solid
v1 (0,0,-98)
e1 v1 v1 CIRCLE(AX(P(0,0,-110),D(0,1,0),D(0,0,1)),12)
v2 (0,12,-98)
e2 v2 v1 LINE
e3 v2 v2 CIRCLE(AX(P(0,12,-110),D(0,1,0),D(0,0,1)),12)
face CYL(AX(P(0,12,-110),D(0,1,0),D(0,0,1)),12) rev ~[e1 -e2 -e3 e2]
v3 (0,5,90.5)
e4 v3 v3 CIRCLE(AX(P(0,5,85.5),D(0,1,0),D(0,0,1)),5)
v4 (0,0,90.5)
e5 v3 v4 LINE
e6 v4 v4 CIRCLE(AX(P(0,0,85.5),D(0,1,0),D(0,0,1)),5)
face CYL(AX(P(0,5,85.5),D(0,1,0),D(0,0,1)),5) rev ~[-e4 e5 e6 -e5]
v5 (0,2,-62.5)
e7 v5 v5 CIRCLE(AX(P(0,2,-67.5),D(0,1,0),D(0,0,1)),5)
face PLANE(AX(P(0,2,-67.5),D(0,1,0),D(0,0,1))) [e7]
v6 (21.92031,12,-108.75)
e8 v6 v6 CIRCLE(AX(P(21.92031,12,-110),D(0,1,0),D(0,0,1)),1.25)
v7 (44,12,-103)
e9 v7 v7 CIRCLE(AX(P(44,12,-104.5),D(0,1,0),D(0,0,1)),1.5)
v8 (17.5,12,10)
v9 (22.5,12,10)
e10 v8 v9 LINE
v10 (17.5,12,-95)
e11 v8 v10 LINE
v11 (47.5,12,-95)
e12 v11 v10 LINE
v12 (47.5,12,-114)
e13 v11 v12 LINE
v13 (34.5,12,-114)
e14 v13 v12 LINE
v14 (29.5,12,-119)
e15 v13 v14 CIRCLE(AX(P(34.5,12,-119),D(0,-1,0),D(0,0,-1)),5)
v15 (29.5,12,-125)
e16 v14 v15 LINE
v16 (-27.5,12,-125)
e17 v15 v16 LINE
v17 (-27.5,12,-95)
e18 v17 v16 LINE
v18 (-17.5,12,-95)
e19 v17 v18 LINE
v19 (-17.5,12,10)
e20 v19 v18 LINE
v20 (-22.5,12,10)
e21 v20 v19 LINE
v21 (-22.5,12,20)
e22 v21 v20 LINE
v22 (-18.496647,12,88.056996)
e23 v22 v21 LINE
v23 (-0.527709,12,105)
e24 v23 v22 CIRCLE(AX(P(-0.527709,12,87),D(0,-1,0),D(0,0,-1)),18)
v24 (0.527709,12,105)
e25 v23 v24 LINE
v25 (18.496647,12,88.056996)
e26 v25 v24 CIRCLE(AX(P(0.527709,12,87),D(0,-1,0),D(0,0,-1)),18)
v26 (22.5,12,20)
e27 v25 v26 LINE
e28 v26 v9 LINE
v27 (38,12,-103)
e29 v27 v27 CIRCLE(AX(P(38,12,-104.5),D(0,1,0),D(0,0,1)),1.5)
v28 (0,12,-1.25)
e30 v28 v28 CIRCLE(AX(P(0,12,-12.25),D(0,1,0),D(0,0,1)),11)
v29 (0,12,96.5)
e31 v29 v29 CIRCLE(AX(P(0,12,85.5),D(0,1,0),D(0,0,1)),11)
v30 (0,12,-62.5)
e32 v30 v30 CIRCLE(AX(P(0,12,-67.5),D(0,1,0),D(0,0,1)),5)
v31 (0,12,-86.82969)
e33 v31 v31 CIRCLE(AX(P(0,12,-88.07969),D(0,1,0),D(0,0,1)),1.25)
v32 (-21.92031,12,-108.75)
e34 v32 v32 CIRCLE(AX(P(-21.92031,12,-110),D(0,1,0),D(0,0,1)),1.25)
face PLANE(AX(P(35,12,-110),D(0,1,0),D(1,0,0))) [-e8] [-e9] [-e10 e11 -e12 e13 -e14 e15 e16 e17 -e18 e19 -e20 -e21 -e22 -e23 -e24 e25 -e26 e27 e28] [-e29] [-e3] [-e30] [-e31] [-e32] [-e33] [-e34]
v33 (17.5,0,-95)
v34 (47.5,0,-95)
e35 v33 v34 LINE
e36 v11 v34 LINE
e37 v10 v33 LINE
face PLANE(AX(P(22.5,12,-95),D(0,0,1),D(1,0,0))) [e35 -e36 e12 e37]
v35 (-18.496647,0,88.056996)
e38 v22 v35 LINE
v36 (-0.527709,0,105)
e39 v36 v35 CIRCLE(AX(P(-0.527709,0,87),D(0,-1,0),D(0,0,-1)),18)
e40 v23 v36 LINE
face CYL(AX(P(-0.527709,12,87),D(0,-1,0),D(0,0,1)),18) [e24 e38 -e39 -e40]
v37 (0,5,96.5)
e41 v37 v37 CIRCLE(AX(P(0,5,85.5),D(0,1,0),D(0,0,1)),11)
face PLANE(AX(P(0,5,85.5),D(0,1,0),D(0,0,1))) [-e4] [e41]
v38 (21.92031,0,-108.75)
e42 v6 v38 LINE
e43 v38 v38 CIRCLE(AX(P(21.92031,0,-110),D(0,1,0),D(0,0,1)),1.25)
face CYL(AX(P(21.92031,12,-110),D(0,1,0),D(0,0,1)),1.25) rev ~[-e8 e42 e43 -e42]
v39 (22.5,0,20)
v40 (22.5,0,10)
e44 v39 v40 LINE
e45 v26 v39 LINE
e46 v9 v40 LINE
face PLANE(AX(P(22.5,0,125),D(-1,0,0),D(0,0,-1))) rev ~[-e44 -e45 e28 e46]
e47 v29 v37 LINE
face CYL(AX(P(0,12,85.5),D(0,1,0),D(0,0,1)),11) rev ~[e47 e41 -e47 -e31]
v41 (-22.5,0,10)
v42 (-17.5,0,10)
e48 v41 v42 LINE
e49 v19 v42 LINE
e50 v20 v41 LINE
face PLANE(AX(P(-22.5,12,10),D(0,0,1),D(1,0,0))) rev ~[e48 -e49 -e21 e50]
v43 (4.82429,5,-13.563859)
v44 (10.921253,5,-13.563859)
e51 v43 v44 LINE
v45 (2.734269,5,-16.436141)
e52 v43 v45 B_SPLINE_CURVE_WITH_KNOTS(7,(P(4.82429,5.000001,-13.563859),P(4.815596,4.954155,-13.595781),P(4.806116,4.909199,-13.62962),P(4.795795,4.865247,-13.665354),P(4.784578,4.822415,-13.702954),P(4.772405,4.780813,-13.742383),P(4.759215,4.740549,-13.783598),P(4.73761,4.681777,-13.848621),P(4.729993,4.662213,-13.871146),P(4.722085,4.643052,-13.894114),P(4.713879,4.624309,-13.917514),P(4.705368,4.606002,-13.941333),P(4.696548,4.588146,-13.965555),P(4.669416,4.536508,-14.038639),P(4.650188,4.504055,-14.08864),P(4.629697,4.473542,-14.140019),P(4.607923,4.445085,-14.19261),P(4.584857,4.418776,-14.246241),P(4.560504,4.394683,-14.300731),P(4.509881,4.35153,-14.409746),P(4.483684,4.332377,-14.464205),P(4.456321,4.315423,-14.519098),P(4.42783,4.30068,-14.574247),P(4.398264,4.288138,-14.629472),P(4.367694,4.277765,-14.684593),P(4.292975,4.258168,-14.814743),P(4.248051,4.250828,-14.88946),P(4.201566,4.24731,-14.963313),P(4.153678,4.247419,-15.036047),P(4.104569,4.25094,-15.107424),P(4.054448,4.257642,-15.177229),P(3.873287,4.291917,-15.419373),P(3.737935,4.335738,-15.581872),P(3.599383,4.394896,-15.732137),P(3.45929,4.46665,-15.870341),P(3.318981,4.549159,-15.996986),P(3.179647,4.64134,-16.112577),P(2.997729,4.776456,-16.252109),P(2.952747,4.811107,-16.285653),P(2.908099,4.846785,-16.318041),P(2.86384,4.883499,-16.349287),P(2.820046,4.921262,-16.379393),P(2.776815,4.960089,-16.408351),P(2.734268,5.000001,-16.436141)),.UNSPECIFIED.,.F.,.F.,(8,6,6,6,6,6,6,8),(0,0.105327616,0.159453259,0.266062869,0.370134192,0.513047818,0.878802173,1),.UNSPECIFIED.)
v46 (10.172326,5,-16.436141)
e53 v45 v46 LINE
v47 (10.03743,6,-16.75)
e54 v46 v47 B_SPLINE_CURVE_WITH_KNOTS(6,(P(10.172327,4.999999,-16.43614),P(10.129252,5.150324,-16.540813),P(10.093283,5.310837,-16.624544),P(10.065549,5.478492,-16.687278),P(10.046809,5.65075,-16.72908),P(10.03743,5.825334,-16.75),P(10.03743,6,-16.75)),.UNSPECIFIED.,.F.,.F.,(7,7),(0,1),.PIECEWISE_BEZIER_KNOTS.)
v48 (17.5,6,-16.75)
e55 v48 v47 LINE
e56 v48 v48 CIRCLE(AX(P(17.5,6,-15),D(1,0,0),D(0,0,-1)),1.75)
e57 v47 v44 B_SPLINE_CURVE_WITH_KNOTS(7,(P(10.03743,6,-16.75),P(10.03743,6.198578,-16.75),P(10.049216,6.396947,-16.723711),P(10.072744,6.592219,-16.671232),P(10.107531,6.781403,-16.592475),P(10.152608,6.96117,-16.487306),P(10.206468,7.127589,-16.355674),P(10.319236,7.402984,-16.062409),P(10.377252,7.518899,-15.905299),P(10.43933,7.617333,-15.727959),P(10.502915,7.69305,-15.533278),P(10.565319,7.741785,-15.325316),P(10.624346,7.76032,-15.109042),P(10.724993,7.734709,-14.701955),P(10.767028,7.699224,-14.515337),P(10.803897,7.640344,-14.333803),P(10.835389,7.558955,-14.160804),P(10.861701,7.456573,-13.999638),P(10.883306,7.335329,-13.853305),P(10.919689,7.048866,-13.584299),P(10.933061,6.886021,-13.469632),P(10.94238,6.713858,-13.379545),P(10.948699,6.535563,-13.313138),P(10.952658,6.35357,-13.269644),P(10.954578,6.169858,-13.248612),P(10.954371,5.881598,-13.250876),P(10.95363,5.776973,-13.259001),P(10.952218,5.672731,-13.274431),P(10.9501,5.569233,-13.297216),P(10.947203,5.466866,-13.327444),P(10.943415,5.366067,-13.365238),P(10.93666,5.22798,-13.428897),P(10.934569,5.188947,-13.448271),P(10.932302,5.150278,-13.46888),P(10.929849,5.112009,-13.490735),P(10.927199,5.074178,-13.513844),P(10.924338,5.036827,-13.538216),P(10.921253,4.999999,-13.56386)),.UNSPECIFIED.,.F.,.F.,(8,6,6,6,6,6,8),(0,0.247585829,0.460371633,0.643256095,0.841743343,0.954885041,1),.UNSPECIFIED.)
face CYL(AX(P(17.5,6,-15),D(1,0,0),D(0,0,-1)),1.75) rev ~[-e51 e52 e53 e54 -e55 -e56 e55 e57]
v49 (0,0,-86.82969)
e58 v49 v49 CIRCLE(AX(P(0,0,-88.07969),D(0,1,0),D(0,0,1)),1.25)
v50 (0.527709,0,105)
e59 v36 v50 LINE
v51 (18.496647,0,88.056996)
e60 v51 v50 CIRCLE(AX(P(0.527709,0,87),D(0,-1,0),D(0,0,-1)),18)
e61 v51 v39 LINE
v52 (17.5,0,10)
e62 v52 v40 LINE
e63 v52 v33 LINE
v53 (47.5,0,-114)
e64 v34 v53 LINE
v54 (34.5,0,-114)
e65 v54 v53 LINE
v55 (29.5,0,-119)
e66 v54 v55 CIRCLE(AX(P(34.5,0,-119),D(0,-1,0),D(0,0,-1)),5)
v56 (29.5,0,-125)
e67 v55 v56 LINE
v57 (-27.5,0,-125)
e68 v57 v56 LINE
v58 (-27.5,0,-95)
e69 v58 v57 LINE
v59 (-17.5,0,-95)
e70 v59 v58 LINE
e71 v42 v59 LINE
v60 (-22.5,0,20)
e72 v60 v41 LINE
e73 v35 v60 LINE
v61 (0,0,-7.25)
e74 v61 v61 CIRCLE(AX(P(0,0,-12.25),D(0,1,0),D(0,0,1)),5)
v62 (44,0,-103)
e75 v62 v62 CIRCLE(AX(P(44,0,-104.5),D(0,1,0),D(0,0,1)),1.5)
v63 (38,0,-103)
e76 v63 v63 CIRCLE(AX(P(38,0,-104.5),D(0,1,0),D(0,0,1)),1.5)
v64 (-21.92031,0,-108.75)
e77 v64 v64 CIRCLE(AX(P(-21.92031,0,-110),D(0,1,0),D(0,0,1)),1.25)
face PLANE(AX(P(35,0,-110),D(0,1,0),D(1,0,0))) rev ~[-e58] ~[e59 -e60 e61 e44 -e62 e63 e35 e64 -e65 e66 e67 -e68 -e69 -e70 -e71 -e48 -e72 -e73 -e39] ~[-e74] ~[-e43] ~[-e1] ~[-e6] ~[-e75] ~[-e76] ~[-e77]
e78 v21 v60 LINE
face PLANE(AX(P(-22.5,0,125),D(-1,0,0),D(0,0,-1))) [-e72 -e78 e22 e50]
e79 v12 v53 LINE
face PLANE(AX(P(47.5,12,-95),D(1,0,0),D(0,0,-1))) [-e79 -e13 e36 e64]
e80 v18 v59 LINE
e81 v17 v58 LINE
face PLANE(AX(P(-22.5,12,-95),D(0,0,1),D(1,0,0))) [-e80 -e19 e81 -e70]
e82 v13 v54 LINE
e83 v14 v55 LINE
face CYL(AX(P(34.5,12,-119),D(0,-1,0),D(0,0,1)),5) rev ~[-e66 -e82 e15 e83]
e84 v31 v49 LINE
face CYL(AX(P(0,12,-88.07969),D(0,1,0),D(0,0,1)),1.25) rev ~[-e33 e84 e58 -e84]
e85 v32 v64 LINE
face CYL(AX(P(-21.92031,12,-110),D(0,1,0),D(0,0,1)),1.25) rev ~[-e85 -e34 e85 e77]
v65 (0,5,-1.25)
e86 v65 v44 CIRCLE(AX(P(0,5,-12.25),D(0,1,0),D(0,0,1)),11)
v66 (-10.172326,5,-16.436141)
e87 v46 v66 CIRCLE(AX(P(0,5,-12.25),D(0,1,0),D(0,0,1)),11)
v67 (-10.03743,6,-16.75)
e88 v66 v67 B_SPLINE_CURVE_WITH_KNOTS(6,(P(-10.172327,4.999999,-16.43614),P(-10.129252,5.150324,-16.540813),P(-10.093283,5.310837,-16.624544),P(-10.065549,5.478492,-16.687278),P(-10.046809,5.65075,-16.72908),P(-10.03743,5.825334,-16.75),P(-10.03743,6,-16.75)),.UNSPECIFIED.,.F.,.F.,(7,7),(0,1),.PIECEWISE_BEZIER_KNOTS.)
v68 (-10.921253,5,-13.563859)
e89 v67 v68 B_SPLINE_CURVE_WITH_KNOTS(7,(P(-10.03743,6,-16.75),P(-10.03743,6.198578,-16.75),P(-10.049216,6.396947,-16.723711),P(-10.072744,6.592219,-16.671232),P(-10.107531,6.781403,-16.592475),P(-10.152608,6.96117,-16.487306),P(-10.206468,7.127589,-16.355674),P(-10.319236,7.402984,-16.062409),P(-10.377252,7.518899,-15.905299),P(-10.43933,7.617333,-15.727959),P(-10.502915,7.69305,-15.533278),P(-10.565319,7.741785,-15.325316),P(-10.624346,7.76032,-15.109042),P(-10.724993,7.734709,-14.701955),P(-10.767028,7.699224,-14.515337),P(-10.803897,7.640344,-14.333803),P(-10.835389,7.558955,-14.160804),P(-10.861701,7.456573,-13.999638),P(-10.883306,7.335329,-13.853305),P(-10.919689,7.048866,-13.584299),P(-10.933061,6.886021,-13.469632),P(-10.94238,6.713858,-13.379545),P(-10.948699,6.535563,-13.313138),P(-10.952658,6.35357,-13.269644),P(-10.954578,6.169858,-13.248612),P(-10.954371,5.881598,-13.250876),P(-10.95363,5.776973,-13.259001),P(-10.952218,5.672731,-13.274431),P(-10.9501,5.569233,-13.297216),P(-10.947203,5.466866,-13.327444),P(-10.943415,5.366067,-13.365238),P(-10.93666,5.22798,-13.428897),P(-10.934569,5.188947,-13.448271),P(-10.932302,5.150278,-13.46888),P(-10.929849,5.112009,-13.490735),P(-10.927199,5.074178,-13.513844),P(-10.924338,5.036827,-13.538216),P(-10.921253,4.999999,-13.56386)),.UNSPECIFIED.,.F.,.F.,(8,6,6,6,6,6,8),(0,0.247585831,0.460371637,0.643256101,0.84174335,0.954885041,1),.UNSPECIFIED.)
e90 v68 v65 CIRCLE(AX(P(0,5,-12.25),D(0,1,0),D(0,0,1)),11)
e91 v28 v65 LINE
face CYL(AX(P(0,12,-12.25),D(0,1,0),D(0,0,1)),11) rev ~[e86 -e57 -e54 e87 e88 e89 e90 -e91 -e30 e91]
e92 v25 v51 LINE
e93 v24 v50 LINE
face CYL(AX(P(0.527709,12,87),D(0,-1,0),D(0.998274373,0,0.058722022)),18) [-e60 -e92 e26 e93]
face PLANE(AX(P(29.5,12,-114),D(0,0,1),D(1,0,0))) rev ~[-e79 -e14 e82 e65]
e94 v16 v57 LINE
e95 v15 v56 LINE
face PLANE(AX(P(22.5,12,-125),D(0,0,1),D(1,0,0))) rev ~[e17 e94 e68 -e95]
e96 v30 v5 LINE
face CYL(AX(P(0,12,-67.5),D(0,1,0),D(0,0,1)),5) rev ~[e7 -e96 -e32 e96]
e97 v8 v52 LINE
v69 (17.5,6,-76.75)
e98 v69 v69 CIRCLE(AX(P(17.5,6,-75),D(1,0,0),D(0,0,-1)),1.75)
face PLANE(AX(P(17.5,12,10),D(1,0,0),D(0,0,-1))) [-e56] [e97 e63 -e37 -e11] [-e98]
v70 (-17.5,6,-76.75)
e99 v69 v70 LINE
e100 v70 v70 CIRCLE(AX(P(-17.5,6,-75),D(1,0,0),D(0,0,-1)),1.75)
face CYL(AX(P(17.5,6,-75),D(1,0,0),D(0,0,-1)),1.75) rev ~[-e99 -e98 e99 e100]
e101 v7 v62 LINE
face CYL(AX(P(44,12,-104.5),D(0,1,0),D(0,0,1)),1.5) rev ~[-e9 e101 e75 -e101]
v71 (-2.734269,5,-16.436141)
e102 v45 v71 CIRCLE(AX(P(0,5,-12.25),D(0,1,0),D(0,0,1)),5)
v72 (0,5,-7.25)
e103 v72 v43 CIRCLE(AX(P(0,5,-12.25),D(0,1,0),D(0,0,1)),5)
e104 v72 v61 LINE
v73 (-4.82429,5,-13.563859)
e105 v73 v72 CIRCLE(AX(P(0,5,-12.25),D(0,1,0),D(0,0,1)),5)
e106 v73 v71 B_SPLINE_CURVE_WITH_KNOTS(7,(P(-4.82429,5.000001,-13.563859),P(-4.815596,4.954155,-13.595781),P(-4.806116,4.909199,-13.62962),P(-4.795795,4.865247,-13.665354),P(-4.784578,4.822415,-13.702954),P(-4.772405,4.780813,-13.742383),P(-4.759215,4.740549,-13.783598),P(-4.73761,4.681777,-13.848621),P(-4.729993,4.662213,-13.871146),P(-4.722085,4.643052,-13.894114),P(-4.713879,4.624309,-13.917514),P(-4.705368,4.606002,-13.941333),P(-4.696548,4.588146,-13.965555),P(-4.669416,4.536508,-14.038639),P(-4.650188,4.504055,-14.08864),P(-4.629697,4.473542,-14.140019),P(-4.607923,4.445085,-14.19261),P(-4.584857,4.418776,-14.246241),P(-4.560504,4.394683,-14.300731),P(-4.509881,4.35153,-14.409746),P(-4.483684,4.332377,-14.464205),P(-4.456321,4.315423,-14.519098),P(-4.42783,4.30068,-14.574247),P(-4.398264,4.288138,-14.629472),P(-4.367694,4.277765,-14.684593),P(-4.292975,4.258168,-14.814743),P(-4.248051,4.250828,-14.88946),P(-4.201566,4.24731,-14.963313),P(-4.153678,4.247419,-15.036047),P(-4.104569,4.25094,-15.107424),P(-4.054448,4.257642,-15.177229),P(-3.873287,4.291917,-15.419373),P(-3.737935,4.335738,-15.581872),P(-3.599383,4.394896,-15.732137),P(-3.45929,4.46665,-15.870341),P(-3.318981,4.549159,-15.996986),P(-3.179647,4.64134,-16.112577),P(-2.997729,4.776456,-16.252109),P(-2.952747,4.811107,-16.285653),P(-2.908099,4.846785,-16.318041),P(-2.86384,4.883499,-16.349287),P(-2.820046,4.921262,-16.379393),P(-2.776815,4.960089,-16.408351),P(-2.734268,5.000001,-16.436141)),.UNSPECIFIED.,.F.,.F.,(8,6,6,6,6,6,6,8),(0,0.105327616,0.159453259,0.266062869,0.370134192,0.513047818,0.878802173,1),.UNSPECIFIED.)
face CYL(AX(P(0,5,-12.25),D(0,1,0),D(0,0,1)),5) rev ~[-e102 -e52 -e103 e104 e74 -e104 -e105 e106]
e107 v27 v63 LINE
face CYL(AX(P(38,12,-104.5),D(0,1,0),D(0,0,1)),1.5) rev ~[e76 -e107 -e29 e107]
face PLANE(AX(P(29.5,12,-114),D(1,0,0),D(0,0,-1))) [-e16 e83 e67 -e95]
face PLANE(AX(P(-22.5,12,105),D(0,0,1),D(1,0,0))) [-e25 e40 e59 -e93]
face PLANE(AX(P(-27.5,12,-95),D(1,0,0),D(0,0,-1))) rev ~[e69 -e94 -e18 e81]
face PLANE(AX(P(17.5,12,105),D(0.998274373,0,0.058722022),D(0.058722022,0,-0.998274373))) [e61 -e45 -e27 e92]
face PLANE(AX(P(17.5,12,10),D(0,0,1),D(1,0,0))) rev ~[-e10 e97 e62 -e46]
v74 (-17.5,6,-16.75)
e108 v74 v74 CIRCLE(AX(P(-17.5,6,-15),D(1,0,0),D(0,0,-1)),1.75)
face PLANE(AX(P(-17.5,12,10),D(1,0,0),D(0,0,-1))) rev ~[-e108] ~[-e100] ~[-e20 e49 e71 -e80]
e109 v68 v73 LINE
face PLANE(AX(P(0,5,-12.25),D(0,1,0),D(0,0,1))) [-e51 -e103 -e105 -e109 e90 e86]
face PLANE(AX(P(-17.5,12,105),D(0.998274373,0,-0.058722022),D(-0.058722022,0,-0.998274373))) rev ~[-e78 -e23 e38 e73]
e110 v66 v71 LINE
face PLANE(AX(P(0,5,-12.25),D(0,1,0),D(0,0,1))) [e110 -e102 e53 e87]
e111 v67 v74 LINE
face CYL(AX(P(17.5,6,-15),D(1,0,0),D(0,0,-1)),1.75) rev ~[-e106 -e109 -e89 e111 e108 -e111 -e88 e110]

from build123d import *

# Parameters (mm, degrees)
SKETCH1_W           = 45
SKETCH1_H           = 250
BOSS_EXTRUDE1_DEPTH = 12
SKETCH2_W           = 5
SKETCH2_H           = 105
CUT_EXTRUDE1_DEPTH  = 12
SKETCH3_R           = 1.75
CUT_EXTRUDE2_DEPTH  = 35
SKETCH5_W           = 25
SKETCH5_H           = 30
SKETCH5_W_2         = 5
BOSS_EXTRUDE2_DEPTH = 12
SKETCH7_R           = 12
SKETCH7_R_2         = 1.25
CUT_EXTRUDE3_DEPTH  = 35
SKETCH8_W           = 18
SKETCH8_H           = 11
CUT_EXTRUDE4_DEPTH  = 12
SKETCH10_R          = 11
CUT_EXTRUDE5_DEPTH  = 7
SKETCH11_W          = 45
SKETCH11_H          = 20
CUT_EXTRUDE6_DEPTH  = 20
FILLET3_R           = 5
SKETCH12_R          = 5
CUT_EXTRUDE7_DEPTH  = 10
SKETCH13_R          = 1.5
CUT_EXTRUDE8_DEPTH  = 12
CUT_EXTRUDE9_DEPTH  = 20
FILLET4_R           = 18
SKETCH15_R          = 5
CUT_EXTRUDE10_DEPTH = 10


with BuildPart() as part:
    # Sketch1 → Boss-Extrude1 (new body)
    with BuildSketch(Plane(origin=(0, 0, 0), x_dir=(1, 0, 0), z_dir=(0, 1, 0))):
        Rectangle(SKETCH1_W, SKETCH1_H)
    extrude(amount=BOSS_EXTRUDE1_DEPTH)

    # Sketch2 → Cut-Extrude1 (cut)
    with BuildSketch(Plane(origin=(0, 12, 0), x_dir=(1, 0, 0), z_dir=(0, 1, 0))):
        with Locations((20, 42.5)):
            Rectangle(SKETCH2_W, SKETCH2_H)
        with Locations((-20, 42.5)):
            Rectangle(SKETCH2_W, SKETCH2_H)
    extrude(amount=-CUT_EXTRUDE1_DEPTH, mode=Mode.SUBTRACT)

    # Sketch3 → Cut-Extrude2 (cut)
    with BuildSketch(Plane(origin=(17.5, 0, 0), x_dir=(0, 0, -1), z_dir=(1, 0, 0))):
        with Locations((15, 6)):
            Circle(SKETCH3_R)
        with Locations((75, 6)):
            Circle(SKETCH3_R)
    extrude(amount=-CUT_EXTRUDE2_DEPTH, mode=Mode.SUBTRACT)

    # Sketch5 → Boss-Extrude2 (add)
    with BuildSketch(Plane(origin=(0, 12, 0), x_dir=(1, 0, 0), z_dir=(0, 1, 0))):
        with Locations((35, 110)):
            Rectangle(SKETCH5_W, SKETCH5_H)
        with Locations((-25, 110)):
            Rectangle(SKETCH5_W_2, SKETCH5_H)
    extrude(amount=-BOSS_EXTRUDE2_DEPTH)

    # Sketch7 → Cut-Extrude3 (cut)
    with BuildSketch(Plane(origin=(0, 12, 0), x_dir=(1, 0, 0), z_dir=(0, 1, 0))):
        with Locations(Location((0, 110, 0), (0, 0, 270))):
            Circle(SKETCH7_R)
        with Locations(Location((21.920310217, 110, 0), (0, 0, 270))):
            Circle(SKETCH7_R_2)
        with Locations(Location((-21.920310217, 110, 0), (0, 0, 270))):
            Circle(SKETCH7_R_2)
        with Locations(Location((0, 88.079689783, 0), (0, 0, 270))):
            Circle(SKETCH7_R_2)
    extrude(amount=-CUT_EXTRUDE3_DEPTH, mode=Mode.SUBTRACT)

    # Sketch8 → Cut-Extrude4 (cut)
    with BuildSketch(Plane(origin=(0, 12, 0), x_dir=(1, 0, 0), z_dir=(0, 1, 0))):
        with Locations((38.5, 119.5)):
            Rectangle(SKETCH8_W, SKETCH8_H)
    extrude(amount=-CUT_EXTRUDE4_DEPTH, mode=Mode.SUBTRACT)

    # Sketch10 → Cut-Extrude5 (cut)
    with BuildSketch(Plane(origin=(0, 12, 0), x_dir=(1, 0, 0), z_dir=(0, 1, 0))):
        with Locations(Location((0, 12.25, 0), (0, 0, 270))):
            Circle(SKETCH10_R)
        with Locations(Location((0, -85.5, 0), (0, 0, 270))):
            Circle(SKETCH10_R)
    extrude(amount=-CUT_EXTRUDE5_DEPTH, mode=Mode.SUBTRACT)

    # Sketch11 → Cut-Extrude6 (cut)
    with BuildSketch(Plane(origin=(0, 12, 0), x_dir=(1, 0, 0), z_dir=(0, 1, 0))):
        with Locations((0, -115)):
            Rectangle(SKETCH11_W, SKETCH11_H)
    extrude(amount=-CUT_EXTRUDE6_DEPTH, mode=Mode.SUBTRACT)

    # Fillet3
    fillet3_edges = [part.edges().sort_by_distance(p)[0] for p in [
        (29.5, 6, -114),
    ]]
    fillet(fillet3_edges, radius=FILLET3_R)

    # Sketch12 → Cut-Extrude7 (cut)
    with BuildSketch(Plane(origin=(0, 5, 0), x_dir=(1, 0, 0), z_dir=(0, 1, 0))):
        with Locations(Location((0, -85.5, 0), (0, 0, 270))):
            Circle(SKETCH12_R)
        with Locations(Location((0, 12.25, 0), (0, 0, 270))):
            Circle(SKETCH12_R)
    extrude(amount=-CUT_EXTRUDE7_DEPTH, mode=Mode.SUBTRACT)

    # Sketch13 → Cut-Extrude8 (cut)
    with BuildSketch(Plane(origin=(0, 12, 0), x_dir=(1, 0, 0), z_dir=(0, 1, 0))):
        with Locations(Location((38, 104.5, 0), (0, 0, 270))):
            Circle(SKETCH13_R)
        with Locations(Location((44, 104.5, 0), (0, 0, 270))):
            Circle(SKETCH13_R)
    extrude(amount=-CUT_EXTRUDE8_DEPTH, mode=Mode.SUBTRACT)

    # Sketch14 → Cut-Extrude9 (cut)
    with BuildSketch(Plane(origin=(0, 12, 0), x_dir=(1, 0, 0), z_dir=(0, 1, 0))):
        Polygon((-22.5, -20), (-22.5, -105), (-17.5, -105), align=None)
        Polygon((17.5, -105), (22.5, -20), (22.5, -105), align=None)
    extrude(amount=-CUT_EXTRUDE9_DEPTH, mode=Mode.SUBTRACT)

    # Fillet4
    fillet4_edges = [part.edges().sort_by_distance(p)[0] for p in [
        (17.5, 6, 105),
        (-17.5, 6, 105),
    ]]
    fillet(fillet4_edges, radius=FILLET4_R)

    # Sketch15 → Cut-Extrude10 (cut)
    with BuildSketch(Plane(origin=(0, 12, 0), x_dir=(1, 0, 0), z_dir=(0, 1, 0))):
        with Locations(Location((0, 67.5, 0), (0, 0, 270))):
            Circle(SKETCH15_R)
    extrude(amount=-CUT_EXTRUDE10_DEPTH, mode=Mode.SUBTRACT)


solid = part.part
